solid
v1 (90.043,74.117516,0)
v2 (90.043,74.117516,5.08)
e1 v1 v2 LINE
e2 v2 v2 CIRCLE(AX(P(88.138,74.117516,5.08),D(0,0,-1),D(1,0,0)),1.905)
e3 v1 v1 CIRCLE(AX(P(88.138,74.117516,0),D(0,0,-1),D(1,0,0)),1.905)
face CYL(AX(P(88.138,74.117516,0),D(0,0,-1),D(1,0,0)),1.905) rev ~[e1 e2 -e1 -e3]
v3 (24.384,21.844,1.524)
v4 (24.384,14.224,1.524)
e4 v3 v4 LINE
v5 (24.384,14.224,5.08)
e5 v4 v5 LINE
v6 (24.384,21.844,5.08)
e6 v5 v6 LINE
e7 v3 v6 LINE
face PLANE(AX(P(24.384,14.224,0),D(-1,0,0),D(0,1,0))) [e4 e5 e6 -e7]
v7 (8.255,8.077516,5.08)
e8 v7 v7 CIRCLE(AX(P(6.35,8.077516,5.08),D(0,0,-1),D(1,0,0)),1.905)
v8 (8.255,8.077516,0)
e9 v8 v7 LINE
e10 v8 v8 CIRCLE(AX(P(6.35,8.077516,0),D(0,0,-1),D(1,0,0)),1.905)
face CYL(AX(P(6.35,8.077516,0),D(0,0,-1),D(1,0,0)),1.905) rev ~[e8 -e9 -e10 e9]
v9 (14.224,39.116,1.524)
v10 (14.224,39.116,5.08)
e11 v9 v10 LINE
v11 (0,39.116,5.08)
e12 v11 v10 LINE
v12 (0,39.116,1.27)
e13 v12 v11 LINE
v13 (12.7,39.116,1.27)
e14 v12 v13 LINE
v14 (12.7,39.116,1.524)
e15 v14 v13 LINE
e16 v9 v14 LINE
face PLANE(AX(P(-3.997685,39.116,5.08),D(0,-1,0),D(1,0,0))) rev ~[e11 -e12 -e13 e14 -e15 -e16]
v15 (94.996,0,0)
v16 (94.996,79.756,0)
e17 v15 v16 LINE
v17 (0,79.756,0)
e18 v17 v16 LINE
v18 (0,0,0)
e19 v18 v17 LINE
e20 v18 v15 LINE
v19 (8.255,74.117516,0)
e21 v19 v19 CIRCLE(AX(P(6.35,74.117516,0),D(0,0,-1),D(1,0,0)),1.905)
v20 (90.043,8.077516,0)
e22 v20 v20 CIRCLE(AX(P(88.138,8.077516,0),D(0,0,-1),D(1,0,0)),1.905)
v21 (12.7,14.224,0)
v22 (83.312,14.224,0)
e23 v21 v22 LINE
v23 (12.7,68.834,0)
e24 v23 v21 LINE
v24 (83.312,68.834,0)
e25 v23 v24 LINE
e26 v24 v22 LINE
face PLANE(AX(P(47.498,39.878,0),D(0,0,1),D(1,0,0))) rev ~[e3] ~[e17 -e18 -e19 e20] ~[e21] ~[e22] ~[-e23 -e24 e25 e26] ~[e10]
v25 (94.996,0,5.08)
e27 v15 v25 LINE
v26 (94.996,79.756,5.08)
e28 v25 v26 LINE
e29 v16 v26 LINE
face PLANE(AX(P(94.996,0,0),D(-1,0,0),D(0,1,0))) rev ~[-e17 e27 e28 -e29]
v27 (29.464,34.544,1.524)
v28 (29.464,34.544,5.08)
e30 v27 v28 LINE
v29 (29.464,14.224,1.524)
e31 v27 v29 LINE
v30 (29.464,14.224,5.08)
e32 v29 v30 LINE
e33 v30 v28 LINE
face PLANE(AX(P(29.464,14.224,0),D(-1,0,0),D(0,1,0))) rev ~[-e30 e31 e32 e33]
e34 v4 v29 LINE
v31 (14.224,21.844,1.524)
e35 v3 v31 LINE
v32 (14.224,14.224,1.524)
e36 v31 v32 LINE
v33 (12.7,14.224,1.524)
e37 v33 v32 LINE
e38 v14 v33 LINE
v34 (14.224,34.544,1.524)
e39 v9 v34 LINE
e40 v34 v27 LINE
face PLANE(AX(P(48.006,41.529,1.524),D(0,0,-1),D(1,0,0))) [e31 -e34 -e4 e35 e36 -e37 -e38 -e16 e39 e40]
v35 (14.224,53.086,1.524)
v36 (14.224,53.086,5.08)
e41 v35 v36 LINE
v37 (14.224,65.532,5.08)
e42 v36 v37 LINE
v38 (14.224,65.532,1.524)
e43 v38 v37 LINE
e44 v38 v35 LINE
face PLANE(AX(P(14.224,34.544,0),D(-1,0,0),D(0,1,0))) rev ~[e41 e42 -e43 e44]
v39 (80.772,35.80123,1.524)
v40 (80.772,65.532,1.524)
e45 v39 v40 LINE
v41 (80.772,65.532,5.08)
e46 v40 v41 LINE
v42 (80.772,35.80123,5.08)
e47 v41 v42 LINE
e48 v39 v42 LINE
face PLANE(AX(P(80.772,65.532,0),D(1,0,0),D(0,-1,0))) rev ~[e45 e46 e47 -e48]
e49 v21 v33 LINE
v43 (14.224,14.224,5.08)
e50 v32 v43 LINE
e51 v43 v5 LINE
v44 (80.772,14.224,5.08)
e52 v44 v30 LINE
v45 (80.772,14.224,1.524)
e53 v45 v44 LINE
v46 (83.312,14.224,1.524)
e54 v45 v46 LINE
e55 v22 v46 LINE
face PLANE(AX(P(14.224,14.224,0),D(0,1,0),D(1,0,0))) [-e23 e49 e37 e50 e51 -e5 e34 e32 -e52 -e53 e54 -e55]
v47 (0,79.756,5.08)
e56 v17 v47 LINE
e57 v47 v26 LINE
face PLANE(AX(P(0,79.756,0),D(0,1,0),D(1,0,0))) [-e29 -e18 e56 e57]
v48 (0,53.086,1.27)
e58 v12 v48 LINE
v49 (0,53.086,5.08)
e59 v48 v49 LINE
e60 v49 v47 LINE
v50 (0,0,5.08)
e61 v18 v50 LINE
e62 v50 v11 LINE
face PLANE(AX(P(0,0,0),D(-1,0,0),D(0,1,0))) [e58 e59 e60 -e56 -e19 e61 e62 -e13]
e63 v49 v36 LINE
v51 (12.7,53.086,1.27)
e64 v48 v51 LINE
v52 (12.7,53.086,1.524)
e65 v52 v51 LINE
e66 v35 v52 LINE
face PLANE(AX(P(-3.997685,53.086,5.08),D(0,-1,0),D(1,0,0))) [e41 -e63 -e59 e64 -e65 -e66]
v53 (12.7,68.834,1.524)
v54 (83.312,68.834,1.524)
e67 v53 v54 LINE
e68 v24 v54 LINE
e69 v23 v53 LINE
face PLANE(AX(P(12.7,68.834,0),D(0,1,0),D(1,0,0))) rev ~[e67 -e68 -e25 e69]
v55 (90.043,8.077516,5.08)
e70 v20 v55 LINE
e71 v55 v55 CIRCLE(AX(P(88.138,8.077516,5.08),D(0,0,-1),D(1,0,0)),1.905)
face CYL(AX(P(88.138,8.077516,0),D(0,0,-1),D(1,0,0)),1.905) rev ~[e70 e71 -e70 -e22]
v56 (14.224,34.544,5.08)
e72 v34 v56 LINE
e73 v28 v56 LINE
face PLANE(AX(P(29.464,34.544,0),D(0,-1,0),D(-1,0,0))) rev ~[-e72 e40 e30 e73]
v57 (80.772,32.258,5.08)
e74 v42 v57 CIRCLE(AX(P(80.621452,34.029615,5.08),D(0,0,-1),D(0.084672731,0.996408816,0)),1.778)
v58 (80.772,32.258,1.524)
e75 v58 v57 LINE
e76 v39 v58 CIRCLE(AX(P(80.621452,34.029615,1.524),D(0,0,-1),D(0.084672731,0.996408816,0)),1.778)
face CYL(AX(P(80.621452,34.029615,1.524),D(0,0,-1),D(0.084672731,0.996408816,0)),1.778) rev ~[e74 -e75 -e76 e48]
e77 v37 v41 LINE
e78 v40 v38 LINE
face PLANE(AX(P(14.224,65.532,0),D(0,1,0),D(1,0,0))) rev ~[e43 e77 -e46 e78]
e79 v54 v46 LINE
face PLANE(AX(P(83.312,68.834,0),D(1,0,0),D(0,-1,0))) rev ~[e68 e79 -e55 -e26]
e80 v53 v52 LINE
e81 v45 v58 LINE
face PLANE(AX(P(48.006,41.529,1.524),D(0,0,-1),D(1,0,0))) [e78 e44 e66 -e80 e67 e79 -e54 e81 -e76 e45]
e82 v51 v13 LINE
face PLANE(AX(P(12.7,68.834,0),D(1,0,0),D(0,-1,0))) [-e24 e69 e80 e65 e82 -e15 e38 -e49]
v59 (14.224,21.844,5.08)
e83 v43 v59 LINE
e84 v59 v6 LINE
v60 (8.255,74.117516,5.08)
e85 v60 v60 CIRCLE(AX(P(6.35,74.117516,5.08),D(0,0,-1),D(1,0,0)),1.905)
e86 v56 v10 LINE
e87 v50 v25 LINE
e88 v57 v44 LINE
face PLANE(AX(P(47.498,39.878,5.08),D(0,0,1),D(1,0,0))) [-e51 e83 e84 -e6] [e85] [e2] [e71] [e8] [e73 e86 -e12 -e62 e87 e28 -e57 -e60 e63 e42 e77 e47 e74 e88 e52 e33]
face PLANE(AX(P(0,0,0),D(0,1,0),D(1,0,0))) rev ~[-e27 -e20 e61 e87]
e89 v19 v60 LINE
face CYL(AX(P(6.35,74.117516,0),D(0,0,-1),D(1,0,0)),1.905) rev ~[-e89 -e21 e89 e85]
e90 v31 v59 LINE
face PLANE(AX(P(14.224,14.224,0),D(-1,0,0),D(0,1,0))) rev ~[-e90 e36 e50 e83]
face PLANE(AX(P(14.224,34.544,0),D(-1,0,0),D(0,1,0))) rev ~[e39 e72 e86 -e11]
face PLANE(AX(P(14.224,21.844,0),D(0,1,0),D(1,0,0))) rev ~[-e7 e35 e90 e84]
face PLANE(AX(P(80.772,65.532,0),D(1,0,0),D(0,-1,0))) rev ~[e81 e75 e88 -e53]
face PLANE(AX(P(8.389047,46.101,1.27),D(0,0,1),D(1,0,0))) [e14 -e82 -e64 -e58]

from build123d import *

# Parameters (mm, degrees)
F0_W     = 94.996
F0_H     = 79.756
F0_W_2   = 10.16
F0_H_2   = 7.62
F1_DEPTH = 5.08
F2_W     = 70.612
F2_H     = 54.61
F3_DEPTH = 1.524
F5_DEPTH = 25.4
F6_R     = 1.905
F7_DEPTH = 25.4
F8_W     = 24.773464
F8_H     = 13.97
F9_DEPTH = 3.81


with BuildPart() as f1:
    # F0 (on Top) → F1 (new body)
    with BuildSketch(Plane.XY):
        with Locations((47.498, 39.878)):
            Rectangle(F0_W, F0_H)
        with Locations((19.304, 18.034)):
            Rectangle(F0_W_2, F0_H_2, mode=Mode.SUBTRACT)
        Polygon((14.224, 65.532), (80.772, 65.532), (80.772, 14.224), (29.464, 14.224), (29.464, 34.544), (14.224, 34.544), align=None, mode=Mode.SUBTRACT)
    extrude(amount=F1_DEPTH)

    # F2 (on face) → F3 (cut)
    with BuildSketch(Plane(origin=(0, 0, 0), x_dir=(1, 0, 0), z_dir=(0, 0, -1))):
        with Locations((48.006, -41.529)):
            Rectangle(F2_W, F2_H)
    extrude(amount=-F3_DEPTH, mode=Mode.SUBTRACT)

    # F4 (on face) → F5 (cut)
    with BuildSketch(Plane(origin=(0, 0, 1.524), x_dir=(1, 0, 0), z_dir=(0, 0, -1))):
        with BuildLine():
            Line((80.772, -32.258), (80.772, -35.80123))
            ThreePointArc((80.772, -35.80123), (82.399452, -34.029615), (80.772, -32.258))
        make_face()
    extrude(amount=-F5_DEPTH, mode=Mode.SUBTRACT)

    # F6 (on face) → F7 (cut)
    with BuildSketch(Plane(origin=(0, 0, 0), x_dir=(1, 0, 0), z_dir=(0, 0, -1))):
        with Locations((6.35, -8.077516)):
            Circle(F6_R)
        with Locations((88.138, -8.077516)):
            Circle(F6_R)
        with Locations((6.35, -74.117516)):
            Circle(F6_R)
        with Locations((88.138, -74.117516)):
            Circle(F6_R)
    extrude(amount=-F7_DEPTH, mode=Mode.SUBTRACT)

    # F8 (on face) → F9 (cut)
    with BuildSketch(Plane.XY.offset(5.08)):
        with Locations((8.389047, 46.101)):
            Rectangle(F8_W, F8_H)
    extrude(amount=-F9_DEPTH, mode=Mode.SUBTRACT)


solid = f1.part
